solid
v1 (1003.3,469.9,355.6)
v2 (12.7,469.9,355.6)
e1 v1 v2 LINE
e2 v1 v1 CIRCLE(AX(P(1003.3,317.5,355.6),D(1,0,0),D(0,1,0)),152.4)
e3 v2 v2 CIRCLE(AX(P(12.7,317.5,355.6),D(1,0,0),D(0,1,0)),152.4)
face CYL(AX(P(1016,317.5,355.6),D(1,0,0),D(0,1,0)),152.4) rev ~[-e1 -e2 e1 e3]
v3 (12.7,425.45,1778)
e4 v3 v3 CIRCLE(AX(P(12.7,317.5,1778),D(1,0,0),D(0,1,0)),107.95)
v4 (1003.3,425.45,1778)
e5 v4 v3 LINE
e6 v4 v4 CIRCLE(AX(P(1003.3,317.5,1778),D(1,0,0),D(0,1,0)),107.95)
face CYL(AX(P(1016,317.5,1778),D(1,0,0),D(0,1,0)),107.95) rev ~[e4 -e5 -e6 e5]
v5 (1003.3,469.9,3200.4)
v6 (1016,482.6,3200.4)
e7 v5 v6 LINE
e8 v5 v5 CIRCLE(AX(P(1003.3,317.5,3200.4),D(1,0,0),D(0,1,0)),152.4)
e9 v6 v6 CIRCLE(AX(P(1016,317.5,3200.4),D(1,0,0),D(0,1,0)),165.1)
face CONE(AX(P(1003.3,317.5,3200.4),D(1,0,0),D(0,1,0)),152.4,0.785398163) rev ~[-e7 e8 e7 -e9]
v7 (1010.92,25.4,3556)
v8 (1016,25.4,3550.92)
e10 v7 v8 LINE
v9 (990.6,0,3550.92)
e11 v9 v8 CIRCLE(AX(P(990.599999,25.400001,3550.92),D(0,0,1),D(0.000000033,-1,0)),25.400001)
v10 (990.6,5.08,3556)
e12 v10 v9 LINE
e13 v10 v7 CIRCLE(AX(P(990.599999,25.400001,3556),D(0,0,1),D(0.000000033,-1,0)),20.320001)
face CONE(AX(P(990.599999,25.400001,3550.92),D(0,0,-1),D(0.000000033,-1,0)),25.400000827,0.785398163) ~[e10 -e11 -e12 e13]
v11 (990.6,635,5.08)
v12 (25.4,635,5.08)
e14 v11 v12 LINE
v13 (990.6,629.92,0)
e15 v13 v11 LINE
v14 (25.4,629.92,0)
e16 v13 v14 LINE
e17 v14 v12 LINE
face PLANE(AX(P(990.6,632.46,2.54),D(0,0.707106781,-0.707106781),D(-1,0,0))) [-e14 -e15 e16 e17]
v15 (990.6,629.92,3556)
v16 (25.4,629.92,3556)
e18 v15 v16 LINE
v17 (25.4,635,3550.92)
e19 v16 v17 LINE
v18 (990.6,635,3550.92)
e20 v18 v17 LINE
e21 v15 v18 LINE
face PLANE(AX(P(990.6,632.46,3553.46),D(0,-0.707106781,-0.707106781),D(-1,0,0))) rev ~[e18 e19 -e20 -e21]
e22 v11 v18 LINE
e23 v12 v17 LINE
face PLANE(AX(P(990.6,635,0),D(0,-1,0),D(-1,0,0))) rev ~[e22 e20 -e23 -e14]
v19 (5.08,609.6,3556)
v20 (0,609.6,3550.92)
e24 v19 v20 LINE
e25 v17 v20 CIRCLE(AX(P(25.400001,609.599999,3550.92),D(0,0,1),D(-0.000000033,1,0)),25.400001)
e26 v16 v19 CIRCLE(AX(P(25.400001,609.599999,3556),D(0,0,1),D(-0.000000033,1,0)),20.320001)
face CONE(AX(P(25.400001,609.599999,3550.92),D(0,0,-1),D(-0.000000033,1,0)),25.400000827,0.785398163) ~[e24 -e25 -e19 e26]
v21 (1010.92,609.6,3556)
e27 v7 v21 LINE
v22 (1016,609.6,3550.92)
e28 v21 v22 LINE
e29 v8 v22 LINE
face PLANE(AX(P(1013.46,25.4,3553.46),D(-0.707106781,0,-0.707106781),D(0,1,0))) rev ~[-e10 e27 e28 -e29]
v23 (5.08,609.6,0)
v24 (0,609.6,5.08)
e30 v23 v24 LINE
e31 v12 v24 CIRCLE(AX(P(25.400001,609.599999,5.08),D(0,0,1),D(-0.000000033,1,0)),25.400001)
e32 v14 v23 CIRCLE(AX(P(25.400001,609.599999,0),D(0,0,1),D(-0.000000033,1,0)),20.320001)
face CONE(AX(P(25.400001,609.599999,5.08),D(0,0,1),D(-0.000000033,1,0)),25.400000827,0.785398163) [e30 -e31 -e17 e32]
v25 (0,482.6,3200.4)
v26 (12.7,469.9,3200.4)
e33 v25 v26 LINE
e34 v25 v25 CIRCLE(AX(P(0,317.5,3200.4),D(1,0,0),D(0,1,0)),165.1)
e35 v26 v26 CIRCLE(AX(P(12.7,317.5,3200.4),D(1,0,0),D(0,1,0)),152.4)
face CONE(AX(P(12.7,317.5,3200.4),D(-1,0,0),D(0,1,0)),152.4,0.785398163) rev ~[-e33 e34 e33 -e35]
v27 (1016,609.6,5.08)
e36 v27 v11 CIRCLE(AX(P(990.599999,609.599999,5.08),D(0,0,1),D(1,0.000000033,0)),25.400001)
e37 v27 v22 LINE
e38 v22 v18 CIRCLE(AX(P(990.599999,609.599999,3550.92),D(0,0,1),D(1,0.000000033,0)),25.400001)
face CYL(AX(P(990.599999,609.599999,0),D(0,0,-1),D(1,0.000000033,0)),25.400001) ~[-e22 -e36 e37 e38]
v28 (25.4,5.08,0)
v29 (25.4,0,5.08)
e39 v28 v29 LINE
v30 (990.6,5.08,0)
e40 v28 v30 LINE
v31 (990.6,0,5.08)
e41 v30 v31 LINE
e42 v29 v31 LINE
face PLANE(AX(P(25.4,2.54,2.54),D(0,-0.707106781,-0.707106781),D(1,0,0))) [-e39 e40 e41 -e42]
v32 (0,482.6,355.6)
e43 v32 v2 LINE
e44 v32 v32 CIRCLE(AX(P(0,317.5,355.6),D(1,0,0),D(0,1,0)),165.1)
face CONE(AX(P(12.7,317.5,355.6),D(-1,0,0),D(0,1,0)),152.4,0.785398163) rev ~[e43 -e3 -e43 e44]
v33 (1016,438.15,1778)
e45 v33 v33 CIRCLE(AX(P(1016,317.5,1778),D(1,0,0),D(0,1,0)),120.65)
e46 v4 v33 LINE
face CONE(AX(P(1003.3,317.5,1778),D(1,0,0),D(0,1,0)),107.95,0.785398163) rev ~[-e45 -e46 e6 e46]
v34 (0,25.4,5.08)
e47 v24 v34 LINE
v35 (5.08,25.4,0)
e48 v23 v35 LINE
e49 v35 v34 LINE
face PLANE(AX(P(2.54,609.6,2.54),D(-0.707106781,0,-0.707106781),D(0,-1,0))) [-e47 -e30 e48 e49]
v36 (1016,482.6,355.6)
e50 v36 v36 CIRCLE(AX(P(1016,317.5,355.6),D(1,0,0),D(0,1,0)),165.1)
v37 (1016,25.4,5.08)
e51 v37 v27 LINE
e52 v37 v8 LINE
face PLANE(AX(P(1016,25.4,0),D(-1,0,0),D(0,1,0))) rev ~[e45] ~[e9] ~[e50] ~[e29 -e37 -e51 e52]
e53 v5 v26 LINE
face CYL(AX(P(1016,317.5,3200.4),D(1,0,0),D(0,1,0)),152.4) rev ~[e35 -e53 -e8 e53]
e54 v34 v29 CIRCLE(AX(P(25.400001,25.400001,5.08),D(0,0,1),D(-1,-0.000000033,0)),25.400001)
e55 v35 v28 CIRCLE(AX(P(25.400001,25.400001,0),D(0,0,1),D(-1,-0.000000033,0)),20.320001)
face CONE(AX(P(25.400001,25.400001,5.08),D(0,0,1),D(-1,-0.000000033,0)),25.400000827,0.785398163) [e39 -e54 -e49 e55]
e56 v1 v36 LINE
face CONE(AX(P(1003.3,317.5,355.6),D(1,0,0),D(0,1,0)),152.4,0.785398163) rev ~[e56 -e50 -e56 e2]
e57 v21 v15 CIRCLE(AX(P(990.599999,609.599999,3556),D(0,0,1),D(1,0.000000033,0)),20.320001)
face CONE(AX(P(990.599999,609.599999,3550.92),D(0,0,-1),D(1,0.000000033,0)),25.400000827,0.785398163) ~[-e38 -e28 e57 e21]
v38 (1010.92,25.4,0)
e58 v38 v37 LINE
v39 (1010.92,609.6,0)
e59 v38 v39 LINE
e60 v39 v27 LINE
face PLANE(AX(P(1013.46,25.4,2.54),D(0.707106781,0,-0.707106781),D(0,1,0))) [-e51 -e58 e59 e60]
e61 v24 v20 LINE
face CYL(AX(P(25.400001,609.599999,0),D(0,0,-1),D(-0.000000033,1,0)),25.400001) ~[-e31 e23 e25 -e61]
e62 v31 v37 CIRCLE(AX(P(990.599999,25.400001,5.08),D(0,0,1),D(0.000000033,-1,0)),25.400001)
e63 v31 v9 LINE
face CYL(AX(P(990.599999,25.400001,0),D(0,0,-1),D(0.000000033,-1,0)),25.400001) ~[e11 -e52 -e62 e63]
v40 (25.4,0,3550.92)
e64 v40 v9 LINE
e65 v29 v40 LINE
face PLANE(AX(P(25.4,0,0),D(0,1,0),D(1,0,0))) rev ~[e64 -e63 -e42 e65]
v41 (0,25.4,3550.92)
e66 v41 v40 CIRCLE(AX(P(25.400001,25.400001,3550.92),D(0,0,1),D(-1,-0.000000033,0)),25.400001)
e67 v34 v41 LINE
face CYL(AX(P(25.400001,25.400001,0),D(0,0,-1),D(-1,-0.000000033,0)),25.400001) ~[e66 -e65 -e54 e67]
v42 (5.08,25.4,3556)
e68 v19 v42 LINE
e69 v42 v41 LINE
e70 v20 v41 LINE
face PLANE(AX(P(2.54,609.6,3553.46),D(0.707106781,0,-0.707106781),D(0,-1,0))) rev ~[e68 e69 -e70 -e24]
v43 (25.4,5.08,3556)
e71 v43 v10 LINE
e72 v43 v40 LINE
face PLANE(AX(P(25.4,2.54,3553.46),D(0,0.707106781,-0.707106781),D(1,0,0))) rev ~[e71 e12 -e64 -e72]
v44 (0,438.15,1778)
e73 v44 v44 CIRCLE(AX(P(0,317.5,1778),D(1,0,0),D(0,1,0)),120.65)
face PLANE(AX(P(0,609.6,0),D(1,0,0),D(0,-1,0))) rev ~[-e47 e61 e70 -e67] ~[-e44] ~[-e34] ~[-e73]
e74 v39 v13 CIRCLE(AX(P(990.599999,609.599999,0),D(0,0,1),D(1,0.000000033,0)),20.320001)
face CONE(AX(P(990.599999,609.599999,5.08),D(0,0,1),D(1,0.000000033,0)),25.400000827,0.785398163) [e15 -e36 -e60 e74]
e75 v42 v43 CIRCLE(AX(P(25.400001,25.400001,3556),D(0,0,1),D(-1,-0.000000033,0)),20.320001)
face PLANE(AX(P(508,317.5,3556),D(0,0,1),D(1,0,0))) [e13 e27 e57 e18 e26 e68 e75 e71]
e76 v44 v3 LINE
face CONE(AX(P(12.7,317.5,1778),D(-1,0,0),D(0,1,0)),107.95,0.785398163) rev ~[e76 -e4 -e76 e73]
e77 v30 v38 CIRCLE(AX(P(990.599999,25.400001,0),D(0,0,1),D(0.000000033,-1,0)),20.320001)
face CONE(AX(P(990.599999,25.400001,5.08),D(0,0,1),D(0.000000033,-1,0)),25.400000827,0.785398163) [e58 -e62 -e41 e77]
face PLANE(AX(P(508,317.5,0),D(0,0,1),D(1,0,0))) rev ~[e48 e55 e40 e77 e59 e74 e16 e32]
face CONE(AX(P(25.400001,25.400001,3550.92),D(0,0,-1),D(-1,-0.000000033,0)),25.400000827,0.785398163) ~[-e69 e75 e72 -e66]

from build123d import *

# Parameters (mm, degrees)
F1_DEPTH = 3556
F2_R     = 107.95
F2_R_2   = 152.4
F3_DEPTH = 1016.001
F4_SIZE  = 12.7
F5_SIZE  = 5.08
F6_SIZE  = 5.08


with BuildPart() as f1:
    # F0 (on Top) → F1 (new body)
    with BuildSketch(Plane.XY):
        with BuildLine():
            ThreePointArc((0, 25.4), (7.439488, 7.439488), (25.4, 0))
            Line((25.4, 0), (990.6, 0))
            ThreePointArc((990.6, 0), (1008.560512, 7.439488), (1016, 25.4))
            Line((1016, 25.4), (1016, 609.6))
            ThreePointArc((1016, 609.6), (1008.560512, 627.560512), (990.6, 635))
            Line((990.6, 635), (25.4, 635))
            ThreePointArc((25.4, 635), (7.439488, 627.560512), (0, 609.6))
            Line((0, 609.6), (0, 25.4))
        make_face()
    extrude(amount=F1_DEPTH)

    # F2 (on face) → F3 (cut, through all)
    with BuildSketch(Plane.YZ.offset(1016)):
        with Locations((317.5, 1778)):
            Circle(F2_R)
        with Locations((317.5, 3200.4)):
            Circle(F2_R_2)
        with Locations((317.5, 355.6)):
            Circle(F2_R_2)
    extrude(amount=-F3_DEPTH, mode=Mode.SUBTRACT)

    # F4
    f4_edges = [f1.edges().sort_by_distance(p)[0] for p in [
        (1016, 165.1, 3200.4),
        (1016, 209.55, 1778),
        (1016, 165.1, 355.6),
        (0, 165.1, 3200.4),
        (0, 209.55, 1778),
        (0, 165.1, 355.6),
    ]]
    chamfer(f4_edges, length=F4_SIZE)

    # F5
    f5_edges = [f1.edges().sort_by_distance(p)[0] for p in [
        (508, 0, 3556),
        (0, 317.5, 3556),
        (508, 635, 3556),
        (1016, 317.5, 3556),
    ]]
    chamfer(f5_edges, length=F5_SIZE)

    # F6
    f6_edges = [f1.edges().sort_by_distance(p)[0] for p in [
        (508, 635, 0),
        (1016, 317.5, 0),
        (508, 0, 0),
        (0, 317.5, 0),
    ]]
    chamfer(f6_edges, length=F6_SIZE)


solid = f1.part
